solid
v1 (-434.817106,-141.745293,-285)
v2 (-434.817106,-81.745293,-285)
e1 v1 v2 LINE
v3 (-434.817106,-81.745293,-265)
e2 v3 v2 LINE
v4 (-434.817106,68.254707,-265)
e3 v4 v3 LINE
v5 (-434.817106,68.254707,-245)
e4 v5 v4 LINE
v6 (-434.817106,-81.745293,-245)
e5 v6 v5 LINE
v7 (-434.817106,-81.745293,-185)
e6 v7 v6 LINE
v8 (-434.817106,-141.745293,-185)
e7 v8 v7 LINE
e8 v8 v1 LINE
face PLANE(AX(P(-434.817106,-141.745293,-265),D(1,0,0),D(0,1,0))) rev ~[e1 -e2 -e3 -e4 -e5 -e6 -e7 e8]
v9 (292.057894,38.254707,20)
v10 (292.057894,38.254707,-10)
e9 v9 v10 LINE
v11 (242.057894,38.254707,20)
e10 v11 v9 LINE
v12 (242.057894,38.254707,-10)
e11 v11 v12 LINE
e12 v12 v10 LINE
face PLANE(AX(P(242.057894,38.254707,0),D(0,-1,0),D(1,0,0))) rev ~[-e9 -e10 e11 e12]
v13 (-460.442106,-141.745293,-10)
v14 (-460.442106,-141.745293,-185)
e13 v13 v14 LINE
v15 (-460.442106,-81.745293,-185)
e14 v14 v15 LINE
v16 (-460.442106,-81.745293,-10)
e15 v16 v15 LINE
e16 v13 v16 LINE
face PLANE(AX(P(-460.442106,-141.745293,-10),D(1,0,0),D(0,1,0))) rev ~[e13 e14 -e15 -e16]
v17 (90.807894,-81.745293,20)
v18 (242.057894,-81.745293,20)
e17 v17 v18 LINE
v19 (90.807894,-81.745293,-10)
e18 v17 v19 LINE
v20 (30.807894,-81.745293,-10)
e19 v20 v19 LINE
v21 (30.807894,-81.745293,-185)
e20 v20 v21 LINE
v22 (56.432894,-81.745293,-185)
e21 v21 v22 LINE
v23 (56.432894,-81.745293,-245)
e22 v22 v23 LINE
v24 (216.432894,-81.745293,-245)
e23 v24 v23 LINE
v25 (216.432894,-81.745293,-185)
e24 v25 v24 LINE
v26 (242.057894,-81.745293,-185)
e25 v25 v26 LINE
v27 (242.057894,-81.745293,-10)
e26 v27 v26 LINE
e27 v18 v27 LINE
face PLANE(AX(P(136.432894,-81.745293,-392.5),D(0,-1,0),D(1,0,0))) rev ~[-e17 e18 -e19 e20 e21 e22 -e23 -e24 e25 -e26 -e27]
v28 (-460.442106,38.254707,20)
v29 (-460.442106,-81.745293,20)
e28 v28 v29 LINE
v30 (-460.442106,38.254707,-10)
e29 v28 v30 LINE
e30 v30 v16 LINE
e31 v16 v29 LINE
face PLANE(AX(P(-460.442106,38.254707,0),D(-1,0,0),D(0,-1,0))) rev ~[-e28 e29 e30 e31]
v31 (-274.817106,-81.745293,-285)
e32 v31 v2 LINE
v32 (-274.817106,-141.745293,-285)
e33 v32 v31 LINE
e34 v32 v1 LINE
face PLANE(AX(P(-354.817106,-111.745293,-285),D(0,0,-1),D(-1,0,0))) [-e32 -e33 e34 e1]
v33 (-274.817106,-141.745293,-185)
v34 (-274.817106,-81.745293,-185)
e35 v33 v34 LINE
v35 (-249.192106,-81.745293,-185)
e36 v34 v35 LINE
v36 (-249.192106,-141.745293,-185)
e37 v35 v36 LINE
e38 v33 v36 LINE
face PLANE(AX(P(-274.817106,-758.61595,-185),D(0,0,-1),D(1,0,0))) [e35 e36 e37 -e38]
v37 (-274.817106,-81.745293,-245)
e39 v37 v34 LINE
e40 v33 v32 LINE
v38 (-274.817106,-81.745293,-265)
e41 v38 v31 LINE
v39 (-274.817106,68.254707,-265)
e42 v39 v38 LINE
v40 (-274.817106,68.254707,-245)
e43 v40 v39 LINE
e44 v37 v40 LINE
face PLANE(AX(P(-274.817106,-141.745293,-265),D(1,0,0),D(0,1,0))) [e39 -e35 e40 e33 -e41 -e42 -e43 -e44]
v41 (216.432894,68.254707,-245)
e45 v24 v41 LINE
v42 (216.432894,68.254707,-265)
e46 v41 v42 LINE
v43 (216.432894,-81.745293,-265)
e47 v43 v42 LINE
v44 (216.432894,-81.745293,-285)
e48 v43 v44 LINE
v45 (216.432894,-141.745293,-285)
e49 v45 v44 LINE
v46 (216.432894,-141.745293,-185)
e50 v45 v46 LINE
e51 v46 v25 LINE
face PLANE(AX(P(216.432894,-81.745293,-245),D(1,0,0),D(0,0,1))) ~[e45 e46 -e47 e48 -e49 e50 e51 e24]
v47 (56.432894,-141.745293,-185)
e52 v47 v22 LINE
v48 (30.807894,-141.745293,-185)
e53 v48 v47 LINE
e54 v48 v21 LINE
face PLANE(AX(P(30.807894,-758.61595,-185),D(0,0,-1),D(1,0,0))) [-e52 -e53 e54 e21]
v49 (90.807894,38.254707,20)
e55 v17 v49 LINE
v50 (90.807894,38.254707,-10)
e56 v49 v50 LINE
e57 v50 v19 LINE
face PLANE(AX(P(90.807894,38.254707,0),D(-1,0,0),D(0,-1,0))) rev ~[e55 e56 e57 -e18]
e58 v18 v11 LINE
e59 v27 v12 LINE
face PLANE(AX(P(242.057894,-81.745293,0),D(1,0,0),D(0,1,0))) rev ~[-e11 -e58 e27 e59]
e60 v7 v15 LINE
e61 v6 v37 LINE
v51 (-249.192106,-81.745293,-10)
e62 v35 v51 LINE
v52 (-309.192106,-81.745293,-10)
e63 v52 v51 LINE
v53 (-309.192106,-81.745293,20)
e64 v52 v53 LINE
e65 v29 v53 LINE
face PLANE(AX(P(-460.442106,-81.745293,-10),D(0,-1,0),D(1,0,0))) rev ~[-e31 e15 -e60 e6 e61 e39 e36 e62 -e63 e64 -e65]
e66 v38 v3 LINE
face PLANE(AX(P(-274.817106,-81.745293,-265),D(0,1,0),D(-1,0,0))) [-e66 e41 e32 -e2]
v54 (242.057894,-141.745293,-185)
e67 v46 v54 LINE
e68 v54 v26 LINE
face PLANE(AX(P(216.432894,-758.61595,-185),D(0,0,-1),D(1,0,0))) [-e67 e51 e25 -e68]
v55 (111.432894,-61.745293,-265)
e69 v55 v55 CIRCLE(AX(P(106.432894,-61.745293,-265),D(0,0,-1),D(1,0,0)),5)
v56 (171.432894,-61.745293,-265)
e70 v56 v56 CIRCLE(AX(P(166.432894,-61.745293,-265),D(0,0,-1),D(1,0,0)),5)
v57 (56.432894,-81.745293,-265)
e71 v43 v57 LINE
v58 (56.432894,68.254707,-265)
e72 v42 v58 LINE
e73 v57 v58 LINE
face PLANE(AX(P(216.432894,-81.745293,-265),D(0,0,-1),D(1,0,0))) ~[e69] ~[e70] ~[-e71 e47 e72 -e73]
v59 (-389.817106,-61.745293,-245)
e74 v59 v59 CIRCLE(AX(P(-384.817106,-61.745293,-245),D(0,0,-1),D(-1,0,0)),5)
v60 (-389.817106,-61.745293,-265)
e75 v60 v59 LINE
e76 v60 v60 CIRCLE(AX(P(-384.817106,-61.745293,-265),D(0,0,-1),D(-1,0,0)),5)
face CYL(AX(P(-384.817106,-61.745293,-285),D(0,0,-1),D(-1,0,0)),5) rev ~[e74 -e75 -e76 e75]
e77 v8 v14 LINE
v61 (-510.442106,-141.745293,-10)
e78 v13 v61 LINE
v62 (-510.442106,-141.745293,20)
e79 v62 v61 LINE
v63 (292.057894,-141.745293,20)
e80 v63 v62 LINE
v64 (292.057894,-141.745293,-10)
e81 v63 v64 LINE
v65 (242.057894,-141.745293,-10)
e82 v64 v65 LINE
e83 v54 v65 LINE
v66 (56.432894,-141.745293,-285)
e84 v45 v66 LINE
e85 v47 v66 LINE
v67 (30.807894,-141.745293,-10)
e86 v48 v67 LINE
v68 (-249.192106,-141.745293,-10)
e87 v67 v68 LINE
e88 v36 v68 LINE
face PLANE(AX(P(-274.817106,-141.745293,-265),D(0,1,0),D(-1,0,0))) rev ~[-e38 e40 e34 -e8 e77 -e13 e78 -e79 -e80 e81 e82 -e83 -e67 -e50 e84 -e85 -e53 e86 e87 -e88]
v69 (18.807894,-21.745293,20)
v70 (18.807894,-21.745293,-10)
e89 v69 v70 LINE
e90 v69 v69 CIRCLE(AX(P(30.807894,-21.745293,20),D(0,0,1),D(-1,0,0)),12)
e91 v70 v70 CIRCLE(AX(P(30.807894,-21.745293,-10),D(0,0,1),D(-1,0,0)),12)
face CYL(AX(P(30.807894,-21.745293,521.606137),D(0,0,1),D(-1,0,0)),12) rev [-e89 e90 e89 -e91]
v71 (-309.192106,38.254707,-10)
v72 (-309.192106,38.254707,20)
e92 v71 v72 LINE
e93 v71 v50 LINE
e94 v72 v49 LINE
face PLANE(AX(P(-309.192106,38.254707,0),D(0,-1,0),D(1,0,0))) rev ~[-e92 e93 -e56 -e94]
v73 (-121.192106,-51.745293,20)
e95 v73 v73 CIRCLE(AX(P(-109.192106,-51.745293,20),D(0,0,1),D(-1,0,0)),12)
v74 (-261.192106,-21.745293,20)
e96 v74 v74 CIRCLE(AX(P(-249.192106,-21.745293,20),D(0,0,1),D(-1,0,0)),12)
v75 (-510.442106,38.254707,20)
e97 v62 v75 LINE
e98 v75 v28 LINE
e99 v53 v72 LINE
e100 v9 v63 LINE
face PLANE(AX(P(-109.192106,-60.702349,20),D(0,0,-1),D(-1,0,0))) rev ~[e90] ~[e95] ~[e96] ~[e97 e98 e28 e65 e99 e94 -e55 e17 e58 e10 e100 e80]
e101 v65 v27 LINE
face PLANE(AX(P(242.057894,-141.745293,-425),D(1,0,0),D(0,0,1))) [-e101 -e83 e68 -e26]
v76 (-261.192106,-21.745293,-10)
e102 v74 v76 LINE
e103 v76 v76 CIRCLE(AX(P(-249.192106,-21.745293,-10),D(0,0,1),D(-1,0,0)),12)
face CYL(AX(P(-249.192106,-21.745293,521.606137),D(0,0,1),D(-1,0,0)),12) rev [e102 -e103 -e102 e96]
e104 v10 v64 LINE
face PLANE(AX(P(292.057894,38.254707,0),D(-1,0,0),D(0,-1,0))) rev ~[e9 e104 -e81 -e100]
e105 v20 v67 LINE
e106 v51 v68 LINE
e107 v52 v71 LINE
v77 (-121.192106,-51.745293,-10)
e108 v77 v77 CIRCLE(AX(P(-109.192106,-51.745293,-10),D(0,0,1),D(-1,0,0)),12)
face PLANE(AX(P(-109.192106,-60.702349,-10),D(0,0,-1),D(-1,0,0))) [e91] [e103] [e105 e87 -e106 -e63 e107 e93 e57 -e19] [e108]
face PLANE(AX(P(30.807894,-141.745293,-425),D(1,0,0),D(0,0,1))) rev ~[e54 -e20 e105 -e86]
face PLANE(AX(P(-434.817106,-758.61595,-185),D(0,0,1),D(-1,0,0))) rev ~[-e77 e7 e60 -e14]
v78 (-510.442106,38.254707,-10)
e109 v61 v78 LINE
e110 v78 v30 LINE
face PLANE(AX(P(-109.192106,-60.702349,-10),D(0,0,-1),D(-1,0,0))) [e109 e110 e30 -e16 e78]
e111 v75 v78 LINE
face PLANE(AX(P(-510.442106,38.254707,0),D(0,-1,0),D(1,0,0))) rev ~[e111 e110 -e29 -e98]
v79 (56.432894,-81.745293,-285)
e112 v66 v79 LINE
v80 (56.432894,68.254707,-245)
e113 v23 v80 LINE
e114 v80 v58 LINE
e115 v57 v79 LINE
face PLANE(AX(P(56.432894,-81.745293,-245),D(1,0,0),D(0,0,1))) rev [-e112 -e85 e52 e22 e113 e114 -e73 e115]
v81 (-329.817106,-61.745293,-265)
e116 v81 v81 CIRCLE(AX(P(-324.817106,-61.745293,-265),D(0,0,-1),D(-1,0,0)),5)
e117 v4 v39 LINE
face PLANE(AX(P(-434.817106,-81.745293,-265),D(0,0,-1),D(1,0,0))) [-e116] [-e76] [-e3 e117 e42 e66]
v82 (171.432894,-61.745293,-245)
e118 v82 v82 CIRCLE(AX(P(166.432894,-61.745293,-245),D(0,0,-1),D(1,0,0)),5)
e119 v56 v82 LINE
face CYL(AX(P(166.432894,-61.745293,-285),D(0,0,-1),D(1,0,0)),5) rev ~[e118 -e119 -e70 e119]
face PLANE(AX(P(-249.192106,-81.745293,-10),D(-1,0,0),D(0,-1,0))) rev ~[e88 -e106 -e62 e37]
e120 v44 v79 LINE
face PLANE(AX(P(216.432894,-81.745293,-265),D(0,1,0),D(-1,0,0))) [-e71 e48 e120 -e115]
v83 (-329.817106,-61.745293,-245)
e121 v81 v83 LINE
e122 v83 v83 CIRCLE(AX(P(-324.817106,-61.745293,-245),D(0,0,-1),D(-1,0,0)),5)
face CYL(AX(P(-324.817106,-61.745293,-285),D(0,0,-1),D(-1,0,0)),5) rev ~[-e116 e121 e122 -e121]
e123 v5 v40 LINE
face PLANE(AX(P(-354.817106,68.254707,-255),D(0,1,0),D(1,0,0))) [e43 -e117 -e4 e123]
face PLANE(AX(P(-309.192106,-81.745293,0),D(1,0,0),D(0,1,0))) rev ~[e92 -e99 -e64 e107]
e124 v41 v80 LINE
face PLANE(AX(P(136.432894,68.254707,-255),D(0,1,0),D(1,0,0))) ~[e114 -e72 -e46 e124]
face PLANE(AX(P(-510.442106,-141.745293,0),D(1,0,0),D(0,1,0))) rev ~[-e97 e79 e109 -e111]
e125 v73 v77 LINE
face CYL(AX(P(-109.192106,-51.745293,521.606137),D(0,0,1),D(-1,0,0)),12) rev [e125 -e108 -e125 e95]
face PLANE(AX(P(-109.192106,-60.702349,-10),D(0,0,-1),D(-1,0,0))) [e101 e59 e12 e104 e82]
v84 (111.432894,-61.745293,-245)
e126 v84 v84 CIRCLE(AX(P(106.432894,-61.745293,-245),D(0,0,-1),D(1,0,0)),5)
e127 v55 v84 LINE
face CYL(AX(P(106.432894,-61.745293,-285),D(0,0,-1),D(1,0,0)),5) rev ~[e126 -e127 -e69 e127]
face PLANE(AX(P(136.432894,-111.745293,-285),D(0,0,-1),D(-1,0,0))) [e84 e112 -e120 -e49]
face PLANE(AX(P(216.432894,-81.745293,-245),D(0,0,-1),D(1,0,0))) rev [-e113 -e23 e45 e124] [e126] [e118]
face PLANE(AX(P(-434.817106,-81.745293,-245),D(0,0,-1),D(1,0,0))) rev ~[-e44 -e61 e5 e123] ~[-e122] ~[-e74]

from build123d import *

# Parameters (mm, degrees)
SKETCH_1_W               = 159.79179057
SKETCH_1_H               = 74.251758256
EXTRUDE_1_DEPTH          = 20
EXTRUDE_2_DEPTH          = 20
EXTRUDE_3_DEPTH          = 10
CUT_EXTRUDE_1_DEPTH      = 531.606136663
CUT_EXTRUDE_1_DEPTH_BACK = 531.606136663
SKETCH_3_R               = 12
EXTRUDE_4_DEPTH          = 350
SKETCH_5_W               = 211.25
SKETCH_5_H               = 65
EXTRUDE_5_DEPTH          = 60
CUT_EXTRUDE_2_DEPTH      = 876.769934526
CUT_EXTRUDE_2_DEPTH_BACK = 876.769934526
SKETCH_6_W               = 160
SKETCH_6_H               = 30
SKETCH_7_R               = 25
EXTRUDE_6_DEPTH          = 185
CUT_EXTRUDE_3_DEPTH      = 676.870656298
CUT_EXTRUDE_3_DEPTH_BACK = 676.870656298
SKETCH_8_W               = 25.625
SKETCH_8_H               = 240
SKETCH_11_R              = 40
EXTRUDE_8_DEPTH          = 93.091049
EXTRUDE_9_DEPTH          = 30
EXTRUDE_10_DEPTH         = 93.091048505
EXTRUDE_11_DEPTH         = 155
SKETCH_13_W              = 644.241004896
SKETCH_13_H              = 193.771713101
CUT_EXTRUDE_5_DEPTH      = 229
CHAMFER_6_SIZE           = 40
SKETCH_15_W              = 224.735234266
SKETCH_15_H              = 137.83761035
SKETCH_15_W_2            = 260.692871749
SKETCH_15_H_2            = 187.77877352
CUT_EXTRUDE_8_DEPTH      = 406
SKETCH_16_W              = 1192.594976507
SKETCH_16_H              = 256.002705907
CUT_EXTRUDE_9_DEPTH      = 406
SKETCH_18_W              = 160
SKETCH_18_H              = 20
EXTRUDE_12_DEPTH         = 150
SKETCH_19_W              = 160
SKETCH_19_H              = 60
EXTRUDE_13_DEPTH         = 20
SKETCH_20_R              = 5
CUT_EXTRUDE_10_DEPTH     = 65


with BuildPart() as part:
    # 草图1 → 凸台-拉伸1 (new body)
    with BuildSketch(Plane.XY):
        with Locations((10.911998257, 1.128827406)):
            Rectangle(SKETCH_1_W, SKETCH_1_H)
    extrude(amount=EXTRUDE_1_DEPTH)

    # 草图2 → 凸台-拉伸2 (add)
    with BuildSketch(Plane(origin=(0, 0, 0), x_dir=(-1, 0, 0), z_dir=(0, 0, -1))):
        Polygon((309.192106458, 38.254706534), (-90.807893542, 38.254706534), (-90.807893542, -81.745293466), (-242.057893542, -81.745293466), (-242.057893542, 38.254706534), (-292.057893542, 38.254706534), (-292.057893542, -141.745293466), (510.442106458, -141.745293466), (510.442106458, 38.254706534), (460.442106458, 38.254706534), (460.442106458, -81.745293466), (309.192106458, -81.745293466), align=None)
    extrude(amount=-EXTRUDE_2_DEPTH)

    # 草图2<2> → 凸台-拉伸3 (add)
    with BuildSketch(Plane(origin=(0, 0, 0), x_dir=(-1, 0, 0), z_dir=(0, 0, -1))):
        Polygon((309.192106458, 38.254706534), (-90.807893542, 38.254706534), (-90.807893542, -81.745293466), (-242.057893542, -81.745293466), (-242.057893542, 38.254706534), (-292.057893542, 38.254706534), (-292.057893542, -141.745293466), (510.442106458, -141.745293466), (510.442106458, 38.254706534), (460.442106458, 38.254706534), (460.442106458, -81.745293466), (309.192106458, -81.745293466), align=None)
    extrude(amount=EXTRUDE_3_DEPTH)

    # 草图3 → 切除-拉伸1 (cut, two sides: drawn at the far end of the back side and taken through both)
    with BuildSketch(Plane(origin=(0, 0, -10), x_dir=(-1, 0, 0), z_dir=(0, 0, -1)).offset(-CUT_EXTRUDE_1_DEPTH_BACK)):
        with Locations((-30.807893542, -21.745293466)):
            Circle(SKETCH_3_R)
        with Locations((109.192106458, -51.745293466)):
            Circle(SKETCH_3_R)
        with Locations((249.192106458, -21.745293466)):
            Circle(SKETCH_3_R)
    extrude(amount=CUT_EXTRUDE_1_DEPTH + CUT_EXTRUDE_1_DEPTH_BACK, mode=Mode.SUBTRACT)

    # 草图4 → 凸台-拉伸4 (add)
    with BuildSketch(Plane(origin=(0, 0, -10), x_dir=(-1, 0, 0), z_dir=(0, 0, -1))):
        Polygon((460.442106458, -81.745293466), (309.192106458, -81.745293466), (249.192106458, -81.745293466), (249.192106458, -141.745293466), (309.192106458, -141.745293466), (460.442106458, -141.745293466), align=None)
        Polygon((-242.057893542, -81.745293466), (-90.807893542, -81.745293466), (-30.807893542, -81.745293466), (-30.807893542, -141.745293466), (-90.807893542, -141.745293466), (-242.057893542, -141.745293466), align=None)
    extrude(amount=EXTRUDE_4_DEPTH)

    # 草图5 → 凸台-拉伸5 (add)
    with BuildSketch(Plane.XZ.offset(141.745293466)):
        with Locations((136.432893542, -392.5)):
            Rectangle(SKETCH_5_W, SKETCH_5_H)
        with Locations((-354.817106458, -392.5)):
            Rectangle(SKETCH_5_W, SKETCH_5_H)
    extrude(amount=-EXTRUDE_5_DEPTH)

    # 草图6 → 切除-拉伸2 (cut, two sides: drawn at the far end of the back side and taken through both)
    with BuildSketch(Plane(origin=(242.057893542, 0, 0), x_dir=(0, 0, -1), z_dir=(1, 0, 0)).offset(-CUT_EXTRUDE_2_DEPTH_BACK)):
        with Locations((345, -96.745293466)):
            Rectangle(SKETCH_6_W, SKETCH_6_H)
    extrude(amount=CUT_EXTRUDE_2_DEPTH + CUT_EXTRUDE_2_DEPTH_BACK, mode=Mode.SUBTRACT)

    # 草图7 → 凸台-拉伸6 (add)
    with BuildSketch(Plane.XZ.offset(141.745293466)):
        with Locations((-354.817106458, -345)):
            Circle(SKETCH_7_R)
        with Locations((136.432893542, -345)):
            Circle(SKETCH_7_R)
    extrude(amount=-EXTRUDE_6_DEPTH)

    # 草图8 → 切除-拉伸3 (cut, two sides: drawn at the far end of the back side and taken through both)
    with BuildSketch(Plane(origin=(0, -81.745293466, 0), x_dir=(1, 0, 0), z_dir=(0, 1, 0)).offset(-CUT_EXTRUDE_3_DEPTH_BACK)):
        with Locations((43.620393542, 305)):
            Rectangle(SKETCH_8_W, SKETCH_8_H)
        Polygon((-434.817106458, 425), (-434.817106458, 265), (-434.817106458, 185), (-460.442106458, 185), (-460.442106458, 516.096231242), (-434.817106458, 516.096231242), align=None)
        Polygon((-274.817106458, 425), (-274.817106458, 265), (-274.817106458, 185), (-219.643944132, 185), (-219.643944132, 516.096231242), (-274.817106458, 516.096231242), align=None)
        with Locations((229.245393542, 305)):
            Rectangle(SKETCH_8_W, SKETCH_8_H)
    extrude(amount=CUT_EXTRUDE_3_DEPTH + CUT_EXTRUDE_3_DEPTH_BACK, mode=Mode.SUBTRACT)

    # 草图11 → 凸台-拉伸8 (add)
    with BuildSketch(Plane(origin=(0, -111.745293466, 0), x_dir=(1, 0, 0), z_dir=(0, 1, 0))):
        with Locations(Location((-354.817106458, 345, 0), (0, 0, 90))):
            Circle(SKETCH_11_R)
        with Locations(Location((136.432893542, 345, 0), (0, 0, 90))):
            Circle(SKETCH_11_R)
    extrude(amount=EXTRUDE_8_DEPTH)

    # 草图12 → 凸台-拉伸9 (add)
    with BuildSketch(Plane(origin=(0, -111.745293466, 0), x_dir=(1, 0, 0), z_dir=(0, 1, 0))):
        with BuildLine():
            ThreePointArc((-569.817106458, 345), (-529.817106458, 385), (-489.817106458, 345))
            Line((-489.817106458, 345), (-434.817106458, 345))
            Line((-434.817106458, 345), (-434.817106458, 425))
            Line((-434.817106458, 425), (-569.817106458, 425))
            Line((-569.817106458, 425), (-609.817106458, 385))
            Line((-609.817106458, 385), (-609.817106458, 345))
            Line((-609.817106458, 345), (-569.817106458, 345))
        make_face()
        with BuildLine():
            ThreePointArc((-569.817106458, 345), (-529.817106458, 305), (-489.817106458, 345))
            Line((-489.817106458, 345), (-504.817106458, 345))
            ThreePointArc((-504.817106458, 345), (-529.817106458, 320), (-554.817106458, 345))
            Line((-554.817106458, 345), (-569.817106458, 345))
        make_face()
        with BuildLine():
            Line((-504.817106458, 345), (-489.817106458, 345))
            ThreePointArc((-489.817106458, 345), (-529.817106458, 385), (-569.817106458, 345))
            Line((-569.817106458, 345), (-554.817106458, 345))
            ThreePointArc((-554.817106458, 345), (-529.817106458, 370), (-504.817106458, 345))
        make_face()
        with BuildLine():
            ThreePointArc((-554.817106458, 345), (-529.817106458, 320), (-504.817106458, 345))
            Line((-504.817106458, 345), (-554.817106458, 345))
        make_face()
        with BuildLine():
            Line((-554.817106458, 345), (-504.817106458, 345))
            ThreePointArc((-504.817106458, 345), (-529.817106458, 370), (-554.817106458, 345))
        make_face()
        with BuildLine():
            Line((-434.817106458, 345), (-489.817106458, 345))
            ThreePointArc((-489.817106458, 345), (-529.817106458, 305), (-569.817106458, 345))
            Line((-569.817106458, 345), (-609.817106458, 345))
            Line((-609.817106458, 345), (-609.817106458, 305))
            Line((-609.817106458, 305), (-569.817106458, 265))
            Line((-569.817106458, 265), (-434.817106458, 265))
            Line((-434.817106458, 265), (-434.817106458, 345))
        make_face()
    extrude_9 = extrude(amount=-EXTRUDE_9_DEPTH)

    # 草图12<3> → 凸台-拉伸10 (add)
    with BuildSketch(Plane(origin=(0, -111.745293466, 0), x_dir=(1, 0, 0), z_dir=(0, 1, 0))):
        with BuildLine():
            ThreePointArc((-569.817106458, 345), (-529.817106458, 305), (-489.817106458, 345))
            Line((-489.817106458, 345), (-504.817106458, 345))
            ThreePointArc((-504.817106458, 345), (-529.817106458, 320), (-554.817106458, 345))
            Line((-554.817106458, 345), (-569.817106458, 345))
        make_face()
        with BuildLine():
            Line((-504.817106458, 345), (-489.817106458, 345))
            ThreePointArc((-489.817106458, 345), (-529.817106458, 385), (-569.817106458, 345))
            Line((-569.817106458, 345), (-554.817106458, 345))
            ThreePointArc((-554.817106458, 345), (-529.817106458, 370), (-504.817106458, 345))
        make_face()
        with BuildLine():
            ThreePointArc((-554.817106458, 345), (-529.817106458, 320), (-504.817106458, 345))
            Line((-504.817106458, 345), (-554.817106458, 345))
        make_face()
        with BuildLine():
            Line((-554.817106458, 345), (-504.817106458, 345))
            ThreePointArc((-504.817106458, 345), (-529.817106458, 370), (-554.817106458, 345))
        make_face()
    extrude_10 = extrude(amount=EXTRUDE_10_DEPTH)

    # 草图12<4> → 凸台-拉伸11 (add)
    with BuildSketch(Plane(origin=(0, -111.745293466, 0), x_dir=(1, 0, 0), z_dir=(0, 1, 0))):
        with BuildLine():
            ThreePointArc((-554.817106458, 345), (-529.817106458, 320), (-504.817106458, 345))
            Line((-504.817106458, 345), (-554.817106458, 345))
        make_face()
        with BuildLine():
            Line((-554.817106458, 345), (-504.817106458, 345))
            ThreePointArc((-504.817106458, 345), (-529.817106458, 370), (-554.817106458, 345))
        make_face()
    extrude_11 = extrude(amount=EXTRUDE_11_DEPTH)

    # 镜向1: 凸台-拉伸9, 凸台-拉伸10, 凸台-拉伸11 across plane
    add(extrude_9.mirror(Plane(origin=(-109.192106458, 0, 0), x_dir=(0, 0, 1), z_dir=(1, 0, 0))))
    add(extrude_10.mirror(Plane(origin=(-109.192106458, 0, 0), x_dir=(0, 0, 1), z_dir=(1, 0, 0))))
    add(extrude_11.mirror(Plane(origin=(-109.192106458, 0, 0), x_dir=(0, 0, 1), z_dir=(1, 0, 0))))

    # 草图13 → 切除-拉伸5 (cut)
    with BuildSketch(Plane(origin=(0, -111.745293466, 0), x_dir=(1, 0, 0), z_dir=(0, 1, 0))):
        with Locations((-118.68092746, 369.802896621)):
            Rectangle(SKETCH_13_W, SKETCH_13_H)
    extrude(amount=CUT_EXTRUDE_5_DEPTH, mode=Mode.SUBTRACT)

    # 倒角6
    chamfer_6_edges = [part.edges().sort_by_distance(p)[0] for p in [
        (-274.817106458, -126.745293466, -425),
        (56.432893542, -126.745293466, -425),
    ]]
    chamfer(chamfer_6_edges, length=CHAMFER_6_SIZE)

    # 草图15 → 切除-拉伸8 (cut)
    with BuildSketch(Plane(origin=(0, -111.745293466, 0), x_dir=(1, 0, 0), z_dir=(0, 1, 0))):
        with Locations((-507.223176925, 357.81701746)):
            Rectangle(SKETCH_15_W, SKETCH_15_H)
        with Locations((316.806015386, 361.812310513)):
            Rectangle(SKETCH_15_W_2, SKETCH_15_H_2)
    extrude(amount=CUT_EXTRUDE_8_DEPTH, mode=Mode.SUBTRACT)

    # 草图16 → 切除-拉伸9 (cut)
    with BuildSketch(Plane(origin=(0, -111.745293466, 0), x_dir=(1, 0, 0), z_dir=(0, 1, 0))):
        with Locations((-128.169748462, 393.001352954)):
            Rectangle(SKETCH_16_W, SKETCH_16_H)
    extrude(amount=-CUT_EXTRUDE_9_DEPTH, mode=Mode.SUBTRACT)

    # 草图18 → 凸台-拉伸12 (add)
    with BuildSketch(Plane(origin=(0, -81.745293466, 0), x_dir=(1, 0, 0), z_dir=(0, 1, 0))):
        with Locations((-354.817106458, 255)):
            Rectangle(SKETCH_18_W, SKETCH_18_H)
    extrude_12 = extrude(amount=EXTRUDE_12_DEPTH)

    # 镜向2: 凸台-拉伸12 across plane
    add(extrude_12.mirror(Plane(origin=(-109.192106458, 0, 0), x_dir=(0, 0, 1), z_dir=(1, 0, 0))))

    # 草图19 → 凸台-拉伸13 (add)
    with BuildSketch(Plane(origin=(0, 0, -265), x_dir=(-1, 0, 0), z_dir=(0, 0, -1))):
        with Locations((354.817106458, -111.745293466)):
            Rectangle(SKETCH_19_W, SKETCH_19_H)
        with Locations((-136.432893542, -111.745293466)):
            Rectangle(SKETCH_19_W, SKETCH_19_H)
    extrude(amount=EXTRUDE_13_DEPTH)

    # 草图20 → 切除-拉伸10 (cut)
    with BuildSketch(Plane(origin=(0, 0, -285), x_dir=(-1, 0, 0), z_dir=(0, 0, -1))):
        with Locations((384.817106458, -61.745293466)):
            Circle(SKETCH_20_R)
        with Locations((324.817106458, -61.745293466)):
            Circle(SKETCH_20_R)
        with Locations(Location((-106.432893542, -61.745293466, 0), (0, 0, 180))):
            Circle(SKETCH_20_R)
        with Locations(Location((-166.432893542, -61.745293466, 0), (0, 0, 180))):
            Circle(SKETCH_20_R)
    extrude(amount=-CUT_EXTRUDE_10_DEPTH, mode=Mode.SUBTRACT)


solid = part.part
